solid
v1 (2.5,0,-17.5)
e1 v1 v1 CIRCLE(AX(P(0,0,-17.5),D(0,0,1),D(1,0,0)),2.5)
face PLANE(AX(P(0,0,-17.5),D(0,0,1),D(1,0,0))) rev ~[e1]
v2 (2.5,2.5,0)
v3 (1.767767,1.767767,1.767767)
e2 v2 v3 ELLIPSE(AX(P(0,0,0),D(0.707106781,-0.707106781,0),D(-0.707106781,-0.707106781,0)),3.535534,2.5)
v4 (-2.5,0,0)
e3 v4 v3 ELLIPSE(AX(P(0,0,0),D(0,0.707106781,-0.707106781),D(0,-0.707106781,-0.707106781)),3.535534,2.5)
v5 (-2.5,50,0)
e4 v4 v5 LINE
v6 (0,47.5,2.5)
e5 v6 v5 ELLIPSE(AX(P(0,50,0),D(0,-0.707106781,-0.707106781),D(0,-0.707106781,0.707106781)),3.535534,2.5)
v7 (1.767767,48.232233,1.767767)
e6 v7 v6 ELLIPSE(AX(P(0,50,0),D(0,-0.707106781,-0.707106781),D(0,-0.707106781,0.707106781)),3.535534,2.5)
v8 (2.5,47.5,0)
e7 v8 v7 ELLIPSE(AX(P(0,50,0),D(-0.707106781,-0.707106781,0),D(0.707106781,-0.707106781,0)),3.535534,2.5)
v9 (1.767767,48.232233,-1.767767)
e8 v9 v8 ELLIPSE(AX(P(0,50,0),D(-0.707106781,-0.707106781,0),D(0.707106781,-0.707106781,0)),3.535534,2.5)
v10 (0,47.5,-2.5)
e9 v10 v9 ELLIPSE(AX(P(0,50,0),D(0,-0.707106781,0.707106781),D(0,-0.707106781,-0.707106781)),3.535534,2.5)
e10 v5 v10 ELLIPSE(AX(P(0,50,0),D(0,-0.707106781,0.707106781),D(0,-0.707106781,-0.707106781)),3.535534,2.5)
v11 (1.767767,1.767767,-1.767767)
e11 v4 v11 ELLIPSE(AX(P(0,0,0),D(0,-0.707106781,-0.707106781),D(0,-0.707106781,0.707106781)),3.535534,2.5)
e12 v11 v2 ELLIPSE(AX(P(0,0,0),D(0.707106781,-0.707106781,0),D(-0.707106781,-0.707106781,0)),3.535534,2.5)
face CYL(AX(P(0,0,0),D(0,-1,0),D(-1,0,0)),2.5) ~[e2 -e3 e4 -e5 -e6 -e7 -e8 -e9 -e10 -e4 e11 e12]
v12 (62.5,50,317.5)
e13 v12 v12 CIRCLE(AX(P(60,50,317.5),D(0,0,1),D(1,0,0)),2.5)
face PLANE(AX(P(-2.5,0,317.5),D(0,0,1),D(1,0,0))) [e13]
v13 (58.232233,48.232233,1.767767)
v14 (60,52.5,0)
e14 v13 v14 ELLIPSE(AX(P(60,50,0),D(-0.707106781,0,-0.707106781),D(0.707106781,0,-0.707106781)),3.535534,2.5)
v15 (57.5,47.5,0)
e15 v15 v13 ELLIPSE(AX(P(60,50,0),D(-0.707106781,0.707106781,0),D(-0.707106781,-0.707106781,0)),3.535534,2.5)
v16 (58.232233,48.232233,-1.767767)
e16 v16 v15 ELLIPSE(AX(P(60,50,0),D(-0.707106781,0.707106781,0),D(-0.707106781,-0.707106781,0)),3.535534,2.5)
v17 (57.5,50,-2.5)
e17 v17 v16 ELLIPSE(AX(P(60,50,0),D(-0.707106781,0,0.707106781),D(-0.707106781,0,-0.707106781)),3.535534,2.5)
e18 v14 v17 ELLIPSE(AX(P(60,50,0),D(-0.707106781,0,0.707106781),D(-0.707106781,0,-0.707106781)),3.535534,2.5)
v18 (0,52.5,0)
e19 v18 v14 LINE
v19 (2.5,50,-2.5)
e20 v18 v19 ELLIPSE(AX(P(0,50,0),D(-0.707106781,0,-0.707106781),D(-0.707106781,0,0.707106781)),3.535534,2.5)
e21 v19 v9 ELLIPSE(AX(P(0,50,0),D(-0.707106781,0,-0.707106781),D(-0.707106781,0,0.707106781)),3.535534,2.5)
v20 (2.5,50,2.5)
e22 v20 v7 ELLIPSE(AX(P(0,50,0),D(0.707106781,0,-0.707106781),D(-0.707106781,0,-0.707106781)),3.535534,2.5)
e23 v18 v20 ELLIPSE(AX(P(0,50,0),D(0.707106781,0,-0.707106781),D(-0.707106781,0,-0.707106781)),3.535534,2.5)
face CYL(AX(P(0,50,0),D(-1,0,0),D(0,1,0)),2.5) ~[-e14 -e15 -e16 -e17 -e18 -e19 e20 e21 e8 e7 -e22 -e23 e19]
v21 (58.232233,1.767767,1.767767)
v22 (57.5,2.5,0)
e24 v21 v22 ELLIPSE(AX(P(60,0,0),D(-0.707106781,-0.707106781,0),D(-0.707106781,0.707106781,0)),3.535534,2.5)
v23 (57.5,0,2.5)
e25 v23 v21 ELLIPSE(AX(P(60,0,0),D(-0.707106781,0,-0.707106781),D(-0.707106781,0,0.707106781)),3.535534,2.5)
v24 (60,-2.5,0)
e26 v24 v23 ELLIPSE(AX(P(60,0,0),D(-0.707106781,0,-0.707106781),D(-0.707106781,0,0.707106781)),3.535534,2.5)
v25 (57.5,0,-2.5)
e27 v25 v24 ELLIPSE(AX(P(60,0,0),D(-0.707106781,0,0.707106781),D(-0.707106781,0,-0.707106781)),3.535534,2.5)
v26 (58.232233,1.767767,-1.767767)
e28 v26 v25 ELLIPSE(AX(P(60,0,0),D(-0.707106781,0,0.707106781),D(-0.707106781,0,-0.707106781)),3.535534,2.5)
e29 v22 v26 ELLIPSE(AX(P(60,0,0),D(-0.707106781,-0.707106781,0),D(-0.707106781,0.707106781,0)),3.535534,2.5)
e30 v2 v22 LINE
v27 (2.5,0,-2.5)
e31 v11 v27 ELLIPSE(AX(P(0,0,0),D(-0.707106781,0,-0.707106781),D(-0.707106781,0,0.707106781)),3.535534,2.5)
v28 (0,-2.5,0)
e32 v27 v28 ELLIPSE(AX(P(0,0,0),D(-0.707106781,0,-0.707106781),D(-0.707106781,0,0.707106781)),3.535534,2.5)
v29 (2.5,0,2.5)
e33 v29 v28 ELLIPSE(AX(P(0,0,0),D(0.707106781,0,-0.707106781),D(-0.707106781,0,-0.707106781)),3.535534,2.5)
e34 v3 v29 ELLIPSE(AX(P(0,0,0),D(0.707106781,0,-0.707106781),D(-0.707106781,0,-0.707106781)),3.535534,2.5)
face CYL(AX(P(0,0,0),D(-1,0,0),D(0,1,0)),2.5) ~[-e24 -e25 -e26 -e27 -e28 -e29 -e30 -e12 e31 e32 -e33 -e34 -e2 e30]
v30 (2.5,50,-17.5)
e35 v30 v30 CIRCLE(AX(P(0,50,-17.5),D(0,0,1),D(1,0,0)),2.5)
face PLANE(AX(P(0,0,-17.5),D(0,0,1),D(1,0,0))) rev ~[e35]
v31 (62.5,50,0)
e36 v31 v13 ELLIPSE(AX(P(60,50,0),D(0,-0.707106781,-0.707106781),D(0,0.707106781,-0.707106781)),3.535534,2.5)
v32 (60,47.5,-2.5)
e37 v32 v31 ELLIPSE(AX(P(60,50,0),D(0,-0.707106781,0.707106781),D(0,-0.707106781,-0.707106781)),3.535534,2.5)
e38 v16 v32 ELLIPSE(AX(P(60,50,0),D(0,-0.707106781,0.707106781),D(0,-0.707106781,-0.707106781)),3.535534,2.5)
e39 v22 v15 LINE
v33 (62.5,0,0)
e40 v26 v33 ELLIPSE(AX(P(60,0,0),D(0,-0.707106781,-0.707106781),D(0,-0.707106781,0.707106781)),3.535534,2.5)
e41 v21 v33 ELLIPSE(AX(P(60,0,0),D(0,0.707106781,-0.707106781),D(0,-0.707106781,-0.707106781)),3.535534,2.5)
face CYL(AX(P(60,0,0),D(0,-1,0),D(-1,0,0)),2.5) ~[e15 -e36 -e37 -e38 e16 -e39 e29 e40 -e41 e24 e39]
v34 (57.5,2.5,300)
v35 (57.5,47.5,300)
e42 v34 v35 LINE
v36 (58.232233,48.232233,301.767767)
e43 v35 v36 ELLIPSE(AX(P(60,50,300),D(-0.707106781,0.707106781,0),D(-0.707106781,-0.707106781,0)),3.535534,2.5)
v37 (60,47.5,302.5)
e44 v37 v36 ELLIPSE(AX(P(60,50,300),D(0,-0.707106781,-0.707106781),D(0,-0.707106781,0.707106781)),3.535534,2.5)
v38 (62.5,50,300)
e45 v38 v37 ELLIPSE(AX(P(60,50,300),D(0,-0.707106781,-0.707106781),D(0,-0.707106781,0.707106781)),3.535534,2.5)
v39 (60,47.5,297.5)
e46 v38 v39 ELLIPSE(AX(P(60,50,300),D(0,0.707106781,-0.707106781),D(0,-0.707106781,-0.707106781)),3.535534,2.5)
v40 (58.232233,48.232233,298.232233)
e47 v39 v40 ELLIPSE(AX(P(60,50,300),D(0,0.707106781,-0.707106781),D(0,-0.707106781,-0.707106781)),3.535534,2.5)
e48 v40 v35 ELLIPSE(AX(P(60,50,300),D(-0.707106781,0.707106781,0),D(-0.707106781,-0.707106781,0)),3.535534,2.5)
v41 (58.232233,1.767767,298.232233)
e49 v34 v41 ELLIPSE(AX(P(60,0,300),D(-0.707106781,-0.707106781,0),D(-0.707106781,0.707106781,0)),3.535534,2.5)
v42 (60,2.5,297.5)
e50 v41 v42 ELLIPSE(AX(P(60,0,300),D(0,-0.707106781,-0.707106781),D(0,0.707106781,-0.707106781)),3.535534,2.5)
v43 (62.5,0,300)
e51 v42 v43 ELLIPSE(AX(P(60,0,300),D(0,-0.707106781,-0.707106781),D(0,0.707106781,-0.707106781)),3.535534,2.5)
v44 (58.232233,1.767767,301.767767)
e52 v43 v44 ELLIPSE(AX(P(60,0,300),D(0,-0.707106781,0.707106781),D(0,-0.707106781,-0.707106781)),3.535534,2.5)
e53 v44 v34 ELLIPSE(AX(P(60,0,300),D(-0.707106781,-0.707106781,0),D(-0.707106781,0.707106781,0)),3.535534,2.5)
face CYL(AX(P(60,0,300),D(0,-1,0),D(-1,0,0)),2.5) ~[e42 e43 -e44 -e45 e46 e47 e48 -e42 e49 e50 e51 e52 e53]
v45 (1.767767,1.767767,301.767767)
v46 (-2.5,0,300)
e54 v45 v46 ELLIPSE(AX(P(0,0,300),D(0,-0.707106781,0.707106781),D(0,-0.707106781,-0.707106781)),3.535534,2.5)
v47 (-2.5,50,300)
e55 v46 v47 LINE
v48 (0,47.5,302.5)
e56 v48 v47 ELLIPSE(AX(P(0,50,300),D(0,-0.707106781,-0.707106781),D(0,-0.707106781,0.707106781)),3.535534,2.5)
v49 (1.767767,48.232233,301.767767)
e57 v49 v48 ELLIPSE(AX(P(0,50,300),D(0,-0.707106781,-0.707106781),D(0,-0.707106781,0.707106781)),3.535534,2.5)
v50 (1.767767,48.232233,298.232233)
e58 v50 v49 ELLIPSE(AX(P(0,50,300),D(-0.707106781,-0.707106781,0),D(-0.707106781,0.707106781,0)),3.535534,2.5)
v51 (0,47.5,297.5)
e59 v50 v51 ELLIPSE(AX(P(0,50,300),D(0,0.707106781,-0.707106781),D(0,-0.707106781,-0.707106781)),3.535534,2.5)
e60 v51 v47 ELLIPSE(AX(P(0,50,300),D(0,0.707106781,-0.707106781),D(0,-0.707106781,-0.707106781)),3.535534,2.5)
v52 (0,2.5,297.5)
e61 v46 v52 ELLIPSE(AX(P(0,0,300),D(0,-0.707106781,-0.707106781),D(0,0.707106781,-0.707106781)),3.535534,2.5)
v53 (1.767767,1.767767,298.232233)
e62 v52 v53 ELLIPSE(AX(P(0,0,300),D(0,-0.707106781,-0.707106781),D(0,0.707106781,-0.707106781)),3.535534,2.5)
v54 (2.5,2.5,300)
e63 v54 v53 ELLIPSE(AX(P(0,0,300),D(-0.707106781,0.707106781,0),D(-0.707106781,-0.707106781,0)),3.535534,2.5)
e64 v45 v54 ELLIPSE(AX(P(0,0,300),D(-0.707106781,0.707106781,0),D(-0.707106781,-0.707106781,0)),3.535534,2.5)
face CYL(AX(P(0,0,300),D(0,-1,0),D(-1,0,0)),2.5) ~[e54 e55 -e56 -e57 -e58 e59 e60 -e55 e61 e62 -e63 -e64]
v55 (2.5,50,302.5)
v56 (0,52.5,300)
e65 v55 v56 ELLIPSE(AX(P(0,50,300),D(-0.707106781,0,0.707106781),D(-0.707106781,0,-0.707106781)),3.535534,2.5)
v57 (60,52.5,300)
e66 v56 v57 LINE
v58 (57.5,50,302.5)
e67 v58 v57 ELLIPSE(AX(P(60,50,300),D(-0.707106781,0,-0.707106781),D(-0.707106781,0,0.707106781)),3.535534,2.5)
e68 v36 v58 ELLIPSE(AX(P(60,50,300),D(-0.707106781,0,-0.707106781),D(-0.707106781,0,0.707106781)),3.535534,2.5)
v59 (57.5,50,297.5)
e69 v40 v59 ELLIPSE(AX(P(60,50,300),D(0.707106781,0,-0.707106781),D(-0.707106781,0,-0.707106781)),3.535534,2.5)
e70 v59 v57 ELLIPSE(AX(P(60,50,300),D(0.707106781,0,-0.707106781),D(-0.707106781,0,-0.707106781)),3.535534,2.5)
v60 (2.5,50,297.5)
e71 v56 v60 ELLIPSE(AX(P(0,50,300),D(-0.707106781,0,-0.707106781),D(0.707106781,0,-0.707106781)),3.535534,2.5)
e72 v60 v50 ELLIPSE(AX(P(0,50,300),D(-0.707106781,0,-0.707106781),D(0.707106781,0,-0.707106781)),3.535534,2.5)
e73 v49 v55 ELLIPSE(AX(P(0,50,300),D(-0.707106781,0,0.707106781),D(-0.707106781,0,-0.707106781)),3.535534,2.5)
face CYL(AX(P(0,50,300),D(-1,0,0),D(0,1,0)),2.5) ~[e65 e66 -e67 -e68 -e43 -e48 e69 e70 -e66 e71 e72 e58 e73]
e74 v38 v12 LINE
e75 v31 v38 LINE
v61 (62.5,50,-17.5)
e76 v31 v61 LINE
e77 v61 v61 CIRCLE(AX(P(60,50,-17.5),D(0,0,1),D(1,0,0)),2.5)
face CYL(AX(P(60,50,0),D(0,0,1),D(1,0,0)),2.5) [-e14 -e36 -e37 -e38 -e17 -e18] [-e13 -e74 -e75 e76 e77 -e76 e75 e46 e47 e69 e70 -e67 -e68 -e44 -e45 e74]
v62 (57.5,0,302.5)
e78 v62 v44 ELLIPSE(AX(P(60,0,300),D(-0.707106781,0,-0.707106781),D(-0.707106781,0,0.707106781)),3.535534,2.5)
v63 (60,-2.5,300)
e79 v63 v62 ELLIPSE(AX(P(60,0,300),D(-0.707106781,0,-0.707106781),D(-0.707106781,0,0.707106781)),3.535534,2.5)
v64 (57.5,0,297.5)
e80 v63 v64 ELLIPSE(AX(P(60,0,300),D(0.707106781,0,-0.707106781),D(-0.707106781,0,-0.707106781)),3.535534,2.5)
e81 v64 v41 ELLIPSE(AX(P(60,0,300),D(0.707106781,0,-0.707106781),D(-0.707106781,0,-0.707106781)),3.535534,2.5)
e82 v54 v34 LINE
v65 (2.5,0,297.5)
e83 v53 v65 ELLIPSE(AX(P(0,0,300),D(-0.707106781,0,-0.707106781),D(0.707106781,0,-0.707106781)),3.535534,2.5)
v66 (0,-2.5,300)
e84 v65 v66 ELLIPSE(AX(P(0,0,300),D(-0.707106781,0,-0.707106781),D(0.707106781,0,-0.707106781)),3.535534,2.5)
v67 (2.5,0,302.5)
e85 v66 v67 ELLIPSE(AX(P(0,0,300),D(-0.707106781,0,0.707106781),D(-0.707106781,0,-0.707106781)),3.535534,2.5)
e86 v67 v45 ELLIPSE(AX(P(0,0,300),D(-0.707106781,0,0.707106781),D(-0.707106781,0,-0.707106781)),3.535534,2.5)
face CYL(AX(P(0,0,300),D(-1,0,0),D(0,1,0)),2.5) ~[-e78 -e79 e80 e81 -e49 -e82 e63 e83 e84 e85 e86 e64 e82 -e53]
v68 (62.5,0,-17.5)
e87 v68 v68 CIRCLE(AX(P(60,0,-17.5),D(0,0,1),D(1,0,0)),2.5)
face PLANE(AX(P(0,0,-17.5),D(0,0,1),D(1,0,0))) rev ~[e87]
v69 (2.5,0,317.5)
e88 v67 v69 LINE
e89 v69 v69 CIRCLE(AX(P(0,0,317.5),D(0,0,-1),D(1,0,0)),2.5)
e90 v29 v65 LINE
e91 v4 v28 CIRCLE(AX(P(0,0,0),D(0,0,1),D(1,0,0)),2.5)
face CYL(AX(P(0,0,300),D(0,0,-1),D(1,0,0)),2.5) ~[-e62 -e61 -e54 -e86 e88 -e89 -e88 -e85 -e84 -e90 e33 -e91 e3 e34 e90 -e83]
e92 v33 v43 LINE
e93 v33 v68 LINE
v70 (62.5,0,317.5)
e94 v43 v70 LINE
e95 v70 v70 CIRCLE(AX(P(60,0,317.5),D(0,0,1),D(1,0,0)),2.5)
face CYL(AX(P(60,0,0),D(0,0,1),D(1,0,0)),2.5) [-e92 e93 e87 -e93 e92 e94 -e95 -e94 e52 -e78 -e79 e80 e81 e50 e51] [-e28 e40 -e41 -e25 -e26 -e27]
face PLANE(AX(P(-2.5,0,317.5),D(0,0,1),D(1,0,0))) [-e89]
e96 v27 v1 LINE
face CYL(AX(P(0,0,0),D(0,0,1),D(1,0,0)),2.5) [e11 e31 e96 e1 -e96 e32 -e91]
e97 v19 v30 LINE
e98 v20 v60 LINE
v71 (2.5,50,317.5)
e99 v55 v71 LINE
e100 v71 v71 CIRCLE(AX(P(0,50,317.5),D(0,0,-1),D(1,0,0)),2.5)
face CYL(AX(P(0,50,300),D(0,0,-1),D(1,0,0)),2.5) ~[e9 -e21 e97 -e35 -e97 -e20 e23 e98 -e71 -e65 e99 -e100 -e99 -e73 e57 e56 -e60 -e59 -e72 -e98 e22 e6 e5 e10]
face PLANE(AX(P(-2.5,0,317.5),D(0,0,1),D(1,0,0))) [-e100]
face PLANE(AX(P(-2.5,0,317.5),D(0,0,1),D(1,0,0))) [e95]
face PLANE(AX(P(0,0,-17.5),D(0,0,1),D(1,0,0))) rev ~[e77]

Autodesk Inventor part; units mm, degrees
ref_plane "YZ Plane" through (0, 0, 0) normal (1, 0, 0) x (0, 1, 0)
ref_plane "XZ Plane" through (0, 0, 0) normal (0, 1, 0) x (-1, 0, 0)
sketch "Sketch1" plane through (0, 0, 0) normal (0, 0, 1) x (1, 0, 0)
  circle A0 centre (0, 0) radius 2.5
  circle A1 centre (0, 50) radius 2.5
  circle A2 centre (60, 50) radius 2.5
  circle A3 centre (60, 0) radius 2.5
  dimension "d0" = 5
  dimension "d11" = 5
  dimension "d12" = 5
  dimension "d13" = 5
sketch "Sketch2" plane through (0, 0, 0) normal (1, 0, 0) x (0, 1, 0)
  circle A0 centre (0, 0) radius 2.5
  circle A1 centre (50, 0) radius 2.5
  circle A2 centre (0, 300) radius 2.5
  circle A3 centre (50, 300) radius 2.5
  dimension "d1" = 5
  dimension "d27" = 5
  dimension "d35" = 5
  dimension "d36" = 5
sketch "Sketch3" plane through (0, 0, 0) normal (0, 1, 0) x (-1, 0, 0)
  circle A0 centre (0, 0) radius 2.5
  circle A1 centre (-60, 0) radius 2.5
  circle A2 centre (0, 300) radius 2.5
  circle A3 centre (-60, 300) radius 2.5
  dimension "d2" = 5
  dimension "d31" = 5
  dimension "d42" = 5
  dimension "d43" = 5
extrude "LongBL" add sketch "Sketch1" along normal blind 300 contours A0
extrude "SideBB" add sketch "Sketch3" along normal blind 50 contours A0
extrude "UpBL" add sketch "Sketch2" along normal blind 60 contours A0
extrude "LongBR" add sketch "Sketch1" along normal blind 300 contours A3
extrude "LongTL" add sketch "Sketch1" along normal blind 300 contours A1
extrude "LongTR" add sketch "Sketch1" along normal blind 300 contours A2
extrude "Extrusion9" add sketch "Sketch2" along normal blind 60 contours A1
extrude "Extrusion10" add sketch "Sketch3" along normal blind 50 contours A1
extrude "Extrusion11" add sketch "Sketch2" along normal blind 60 contours A3
extrude "Extrusion12" add sketch "Sketch2" along normal blind 60 contours A2
extrude "Extrusion13" add sketch "Sketch3" along normal blind 50 contours A3
extrude "Extrusion14" add sketch "Sketch3" along normal blind 50 contours A2
ref_plane "Work Plane3" through (-2.5, 0, 300) normal (0, 0, 1) x (1, 0, 0)
sketch "Sketch5" plane through (-2.5, 0, 300) normal (0, 0, 1) x (1, 0, 0)
  arc A0 (4.2678, 1.7678) -> (0, 0) centre (2.5, 0) ccw projected
  line L0 (0, 0) -> (2.5, 0) projected
  circle A1 centre (2.5, 0) radius 2.5
  line L1 (2.5, 50) -> (2.5, 52.5) projected
  circle A2 centre (2.5, 50) radius 2.5
  line L2 (62.5, 50) -> (60, 47.5) projected
  circle A3 centre (62.5, 50) radius 2.5
  arc A4 (60.7322, 1.7678) -> (62.5, -2.5) centre (62.5, 0) ccw projected
  circle A5 centre (62.5, 0) radius 2.5
  point P0 (60.7322, 48.2322)
  dimension "d48" = 5
  dimension "d49" = 5
  dimension "d50" = 5
  dimension "d51" = 5
extrude "FTLConnect" add sketch "Sketch5" along normal blind 17.5 contours A2
sketch "Sketch7" plane through (-2.5, 0, 300) normal (0, 0, 1) x (1, 0, 0)
  arc A0 (0, 0) -> (2.5, -2.5) centre (2.5, 0) ccw projected
  line L0 (2.5, -2.5) -> (2.5, 0) projected
  circle A1 centre (2.5, 0) radius 2.5
  line L1 (65, 50) -> (62.5, 50) projected
  circle A2 centre (62.5, 50) radius 2.5
  circle A3 centre (62.5, 0) radius 2.5
extrude "FTRConnect" add sketch "Sketch7" along normal blind 17.5 contours A2
sketch "Sketch8" plane through (-2.5, 0, 300) normal (0, 0, 1) x (1, 0, 0)
  line L0 (2.5, -2.5) -> (2.5, 0) projected
  circle A0 centre (2.5, 0) radius 2.5
  dimension "d56" = 5
extrude "FBLConnect" add sketch "Sketch8" along normal blind 17.5
sketch "Sketch9" plane through (-2.5, 0, 300) normal (0, 0, 1) x (1, 0, 0)
  circle A0 centre (62.5, 0) radius 2.5
  point P0 (2.5, 0)
  dimension "d59" = 5
extrude "FBRConnect" add sketch "Sketch9" along normal blind 17.5
extrude "BTRConnect" add sketch "Sketch1" against normal blind 17.5 contours A2
extrude "BTLConnect" add sketch "Sketch1" against normal blind 17.5 contours A1
extrude "BBRConnect" add sketch "Sketch1" against normal blind 17.5 contours A3
extrude "BBLConnect" add sketch "Sketch1" against normal blind 17.5 contours A0
properties part number "RCPlaneSkeletonModel1" material "PC/ABS Plastic"
